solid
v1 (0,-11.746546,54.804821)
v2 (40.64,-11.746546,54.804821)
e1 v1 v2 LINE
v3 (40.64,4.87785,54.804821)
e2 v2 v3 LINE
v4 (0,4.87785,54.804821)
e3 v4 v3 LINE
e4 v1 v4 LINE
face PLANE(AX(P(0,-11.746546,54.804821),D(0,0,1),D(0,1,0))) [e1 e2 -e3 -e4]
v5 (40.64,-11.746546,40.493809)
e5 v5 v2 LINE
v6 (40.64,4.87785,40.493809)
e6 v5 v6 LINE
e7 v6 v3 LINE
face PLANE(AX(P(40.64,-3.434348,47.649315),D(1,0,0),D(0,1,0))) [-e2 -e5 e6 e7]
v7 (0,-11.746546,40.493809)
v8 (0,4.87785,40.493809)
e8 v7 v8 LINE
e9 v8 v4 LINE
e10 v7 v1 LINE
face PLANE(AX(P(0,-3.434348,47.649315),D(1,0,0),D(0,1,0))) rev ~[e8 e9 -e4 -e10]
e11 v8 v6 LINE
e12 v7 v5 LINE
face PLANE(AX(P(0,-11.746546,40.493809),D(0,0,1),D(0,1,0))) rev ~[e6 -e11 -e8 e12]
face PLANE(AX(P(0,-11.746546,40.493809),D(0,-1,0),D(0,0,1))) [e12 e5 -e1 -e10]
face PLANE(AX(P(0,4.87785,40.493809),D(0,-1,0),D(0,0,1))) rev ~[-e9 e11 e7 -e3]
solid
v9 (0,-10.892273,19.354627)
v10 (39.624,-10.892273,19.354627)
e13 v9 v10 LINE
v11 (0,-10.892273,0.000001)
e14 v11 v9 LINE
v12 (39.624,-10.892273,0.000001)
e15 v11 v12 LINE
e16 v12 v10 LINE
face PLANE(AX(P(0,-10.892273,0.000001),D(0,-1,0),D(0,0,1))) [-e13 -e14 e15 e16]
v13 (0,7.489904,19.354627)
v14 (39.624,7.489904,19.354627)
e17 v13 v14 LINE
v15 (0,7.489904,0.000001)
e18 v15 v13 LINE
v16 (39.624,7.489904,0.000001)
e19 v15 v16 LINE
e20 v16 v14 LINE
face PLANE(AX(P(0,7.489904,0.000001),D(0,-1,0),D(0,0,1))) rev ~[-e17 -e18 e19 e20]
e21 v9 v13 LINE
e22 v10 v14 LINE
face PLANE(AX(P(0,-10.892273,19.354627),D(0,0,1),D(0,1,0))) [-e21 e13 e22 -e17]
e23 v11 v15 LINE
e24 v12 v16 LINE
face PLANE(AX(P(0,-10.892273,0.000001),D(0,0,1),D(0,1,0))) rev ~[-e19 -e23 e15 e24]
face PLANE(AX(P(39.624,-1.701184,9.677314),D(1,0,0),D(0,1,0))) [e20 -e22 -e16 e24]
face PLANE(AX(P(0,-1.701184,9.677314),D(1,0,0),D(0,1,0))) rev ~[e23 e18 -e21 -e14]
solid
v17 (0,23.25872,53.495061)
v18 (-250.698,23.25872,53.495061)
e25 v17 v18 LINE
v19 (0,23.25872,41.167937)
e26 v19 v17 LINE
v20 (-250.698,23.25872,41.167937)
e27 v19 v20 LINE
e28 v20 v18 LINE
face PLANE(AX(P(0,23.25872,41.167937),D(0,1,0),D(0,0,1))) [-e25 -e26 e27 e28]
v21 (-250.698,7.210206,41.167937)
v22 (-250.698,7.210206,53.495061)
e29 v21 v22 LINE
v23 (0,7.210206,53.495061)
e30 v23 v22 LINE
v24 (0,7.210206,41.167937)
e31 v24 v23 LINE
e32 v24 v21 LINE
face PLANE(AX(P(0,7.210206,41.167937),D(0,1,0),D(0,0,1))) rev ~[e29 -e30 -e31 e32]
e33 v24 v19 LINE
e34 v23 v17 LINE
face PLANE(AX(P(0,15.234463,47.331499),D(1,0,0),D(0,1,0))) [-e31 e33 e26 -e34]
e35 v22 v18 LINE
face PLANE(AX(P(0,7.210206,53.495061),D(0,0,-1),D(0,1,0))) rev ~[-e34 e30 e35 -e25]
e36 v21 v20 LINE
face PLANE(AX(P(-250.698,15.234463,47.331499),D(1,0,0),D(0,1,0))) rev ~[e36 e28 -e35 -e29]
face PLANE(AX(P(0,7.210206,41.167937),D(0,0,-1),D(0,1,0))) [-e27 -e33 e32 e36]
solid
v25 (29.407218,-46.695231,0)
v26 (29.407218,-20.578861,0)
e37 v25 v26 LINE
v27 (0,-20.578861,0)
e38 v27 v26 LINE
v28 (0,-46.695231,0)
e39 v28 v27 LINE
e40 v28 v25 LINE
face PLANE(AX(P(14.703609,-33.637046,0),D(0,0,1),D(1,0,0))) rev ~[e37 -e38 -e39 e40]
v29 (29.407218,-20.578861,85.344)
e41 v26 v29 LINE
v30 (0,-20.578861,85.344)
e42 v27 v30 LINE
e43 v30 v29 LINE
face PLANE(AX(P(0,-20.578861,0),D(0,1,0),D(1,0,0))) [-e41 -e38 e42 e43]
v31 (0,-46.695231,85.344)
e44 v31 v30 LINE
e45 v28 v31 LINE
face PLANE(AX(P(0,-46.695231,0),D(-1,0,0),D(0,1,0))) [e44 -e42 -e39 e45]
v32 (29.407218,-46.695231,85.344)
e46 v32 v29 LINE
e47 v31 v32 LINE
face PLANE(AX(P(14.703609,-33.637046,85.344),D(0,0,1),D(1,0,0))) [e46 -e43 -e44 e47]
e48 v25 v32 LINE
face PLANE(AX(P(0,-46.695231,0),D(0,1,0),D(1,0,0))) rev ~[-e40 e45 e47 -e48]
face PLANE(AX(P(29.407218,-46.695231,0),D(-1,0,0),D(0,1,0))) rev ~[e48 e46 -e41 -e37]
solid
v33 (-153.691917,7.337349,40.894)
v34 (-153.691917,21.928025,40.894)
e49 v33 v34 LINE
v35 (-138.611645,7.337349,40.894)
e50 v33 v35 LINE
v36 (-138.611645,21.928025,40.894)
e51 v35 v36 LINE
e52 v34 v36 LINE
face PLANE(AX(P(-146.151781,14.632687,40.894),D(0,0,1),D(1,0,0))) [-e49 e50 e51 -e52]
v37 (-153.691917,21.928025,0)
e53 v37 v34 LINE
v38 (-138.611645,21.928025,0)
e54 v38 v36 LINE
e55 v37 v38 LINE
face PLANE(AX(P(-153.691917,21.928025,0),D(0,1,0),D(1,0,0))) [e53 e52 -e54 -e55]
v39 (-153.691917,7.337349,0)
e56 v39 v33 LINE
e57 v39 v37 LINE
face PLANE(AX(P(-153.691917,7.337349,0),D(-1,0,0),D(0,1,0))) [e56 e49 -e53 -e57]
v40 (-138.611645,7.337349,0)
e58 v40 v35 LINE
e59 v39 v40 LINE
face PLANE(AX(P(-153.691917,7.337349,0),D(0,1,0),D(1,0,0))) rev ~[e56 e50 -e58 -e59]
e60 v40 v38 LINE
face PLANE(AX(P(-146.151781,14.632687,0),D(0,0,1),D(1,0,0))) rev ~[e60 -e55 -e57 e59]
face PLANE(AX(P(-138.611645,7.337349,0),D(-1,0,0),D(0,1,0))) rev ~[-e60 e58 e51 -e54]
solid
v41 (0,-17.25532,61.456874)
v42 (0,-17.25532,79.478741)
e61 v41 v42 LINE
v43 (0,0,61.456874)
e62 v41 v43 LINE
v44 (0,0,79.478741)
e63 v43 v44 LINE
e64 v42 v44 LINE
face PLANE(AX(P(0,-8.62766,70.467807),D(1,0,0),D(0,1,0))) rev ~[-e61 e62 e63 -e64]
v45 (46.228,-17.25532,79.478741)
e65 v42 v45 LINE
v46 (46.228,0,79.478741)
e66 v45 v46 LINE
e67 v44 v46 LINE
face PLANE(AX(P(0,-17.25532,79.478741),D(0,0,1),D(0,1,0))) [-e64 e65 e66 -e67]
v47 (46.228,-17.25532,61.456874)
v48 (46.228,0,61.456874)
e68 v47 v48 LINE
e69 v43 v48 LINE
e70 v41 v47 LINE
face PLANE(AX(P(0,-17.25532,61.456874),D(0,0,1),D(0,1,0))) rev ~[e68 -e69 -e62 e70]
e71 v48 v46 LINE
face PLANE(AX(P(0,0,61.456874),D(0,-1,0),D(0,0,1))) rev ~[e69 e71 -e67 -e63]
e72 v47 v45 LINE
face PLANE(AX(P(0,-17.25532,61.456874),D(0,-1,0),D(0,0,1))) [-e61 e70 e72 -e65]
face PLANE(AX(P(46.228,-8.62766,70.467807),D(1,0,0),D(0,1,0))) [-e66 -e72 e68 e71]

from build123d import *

# Parameters (mm, degrees)
F0_W      = 15.080273
F0_H      = 14.590676
F1_DEPTH  = 40.894
F2_W      = 16.048514
F2_H      = 12.327124
F3_DEPTH  = 250.698
F4_W      = 29.407218
F4_H      = 26.116371
F5_DEPTH  = 85.344
F6_W      = 16.624396
F6_H      = 14.311012
F7_DEPTH  = 40.64
F8_W      = 17.255321
F8_H      = 18.021867
F9_DEPTH  = 46.228
F10_W     = 18.382177
F10_H     = 19.354627
F11_DEPTH = 39.624


with BuildPart() as f1:
    # F0 (on Top) → F1 (new body)
    with BuildSketch(Plane.XY):
        with Locations((-146.151781, 14.632687)):
            Rectangle(F0_W, F0_H)
    extrude(amount=F1_DEPTH)


with BuildPart() as f3:
    # F2 (on Right) → F3 (new body)
    with BuildSketch(Plane.YZ):
        with Locations((15.234463, 47.331499)):
            Rectangle(F2_W, F2_H)
    extrude(amount=-F3_DEPTH)


with BuildPart() as f5:
    # F4 (on Top) → F5 (new body)
    with BuildSketch(Plane.XY):
        with Locations((14.703609, -33.637046)):
            Rectangle(F4_W, F4_H)
    extrude(amount=F5_DEPTH)


with BuildPart() as f7:
    # F6 (on Right) → F7 (new body)
    with BuildSketch(Plane.YZ):
        with Locations((-3.434348, 47.649315)):
            Rectangle(F6_W, F6_H)
    extrude(amount=F7_DEPTH)


with BuildPart() as f9:
    # F8 (on Right) → F9 (new body)
    with BuildSketch(Plane.YZ):
        with Locations((-8.62766, 70.467807)):
            Rectangle(F8_W, F8_H)
    extrude(amount=F9_DEPTH)


with BuildPart() as f11:
    # F10 (on Right) → F11 (new body)
    with BuildSketch(Plane.YZ):
        with Locations((-1.701184, 9.677314)):
            Rectangle(F10_W, F10_H)
    extrude(amount=F11_DEPTH)


solid = Compound([f1.part, f3.part, f5.part, f7.part, f9.part, f11.part])
